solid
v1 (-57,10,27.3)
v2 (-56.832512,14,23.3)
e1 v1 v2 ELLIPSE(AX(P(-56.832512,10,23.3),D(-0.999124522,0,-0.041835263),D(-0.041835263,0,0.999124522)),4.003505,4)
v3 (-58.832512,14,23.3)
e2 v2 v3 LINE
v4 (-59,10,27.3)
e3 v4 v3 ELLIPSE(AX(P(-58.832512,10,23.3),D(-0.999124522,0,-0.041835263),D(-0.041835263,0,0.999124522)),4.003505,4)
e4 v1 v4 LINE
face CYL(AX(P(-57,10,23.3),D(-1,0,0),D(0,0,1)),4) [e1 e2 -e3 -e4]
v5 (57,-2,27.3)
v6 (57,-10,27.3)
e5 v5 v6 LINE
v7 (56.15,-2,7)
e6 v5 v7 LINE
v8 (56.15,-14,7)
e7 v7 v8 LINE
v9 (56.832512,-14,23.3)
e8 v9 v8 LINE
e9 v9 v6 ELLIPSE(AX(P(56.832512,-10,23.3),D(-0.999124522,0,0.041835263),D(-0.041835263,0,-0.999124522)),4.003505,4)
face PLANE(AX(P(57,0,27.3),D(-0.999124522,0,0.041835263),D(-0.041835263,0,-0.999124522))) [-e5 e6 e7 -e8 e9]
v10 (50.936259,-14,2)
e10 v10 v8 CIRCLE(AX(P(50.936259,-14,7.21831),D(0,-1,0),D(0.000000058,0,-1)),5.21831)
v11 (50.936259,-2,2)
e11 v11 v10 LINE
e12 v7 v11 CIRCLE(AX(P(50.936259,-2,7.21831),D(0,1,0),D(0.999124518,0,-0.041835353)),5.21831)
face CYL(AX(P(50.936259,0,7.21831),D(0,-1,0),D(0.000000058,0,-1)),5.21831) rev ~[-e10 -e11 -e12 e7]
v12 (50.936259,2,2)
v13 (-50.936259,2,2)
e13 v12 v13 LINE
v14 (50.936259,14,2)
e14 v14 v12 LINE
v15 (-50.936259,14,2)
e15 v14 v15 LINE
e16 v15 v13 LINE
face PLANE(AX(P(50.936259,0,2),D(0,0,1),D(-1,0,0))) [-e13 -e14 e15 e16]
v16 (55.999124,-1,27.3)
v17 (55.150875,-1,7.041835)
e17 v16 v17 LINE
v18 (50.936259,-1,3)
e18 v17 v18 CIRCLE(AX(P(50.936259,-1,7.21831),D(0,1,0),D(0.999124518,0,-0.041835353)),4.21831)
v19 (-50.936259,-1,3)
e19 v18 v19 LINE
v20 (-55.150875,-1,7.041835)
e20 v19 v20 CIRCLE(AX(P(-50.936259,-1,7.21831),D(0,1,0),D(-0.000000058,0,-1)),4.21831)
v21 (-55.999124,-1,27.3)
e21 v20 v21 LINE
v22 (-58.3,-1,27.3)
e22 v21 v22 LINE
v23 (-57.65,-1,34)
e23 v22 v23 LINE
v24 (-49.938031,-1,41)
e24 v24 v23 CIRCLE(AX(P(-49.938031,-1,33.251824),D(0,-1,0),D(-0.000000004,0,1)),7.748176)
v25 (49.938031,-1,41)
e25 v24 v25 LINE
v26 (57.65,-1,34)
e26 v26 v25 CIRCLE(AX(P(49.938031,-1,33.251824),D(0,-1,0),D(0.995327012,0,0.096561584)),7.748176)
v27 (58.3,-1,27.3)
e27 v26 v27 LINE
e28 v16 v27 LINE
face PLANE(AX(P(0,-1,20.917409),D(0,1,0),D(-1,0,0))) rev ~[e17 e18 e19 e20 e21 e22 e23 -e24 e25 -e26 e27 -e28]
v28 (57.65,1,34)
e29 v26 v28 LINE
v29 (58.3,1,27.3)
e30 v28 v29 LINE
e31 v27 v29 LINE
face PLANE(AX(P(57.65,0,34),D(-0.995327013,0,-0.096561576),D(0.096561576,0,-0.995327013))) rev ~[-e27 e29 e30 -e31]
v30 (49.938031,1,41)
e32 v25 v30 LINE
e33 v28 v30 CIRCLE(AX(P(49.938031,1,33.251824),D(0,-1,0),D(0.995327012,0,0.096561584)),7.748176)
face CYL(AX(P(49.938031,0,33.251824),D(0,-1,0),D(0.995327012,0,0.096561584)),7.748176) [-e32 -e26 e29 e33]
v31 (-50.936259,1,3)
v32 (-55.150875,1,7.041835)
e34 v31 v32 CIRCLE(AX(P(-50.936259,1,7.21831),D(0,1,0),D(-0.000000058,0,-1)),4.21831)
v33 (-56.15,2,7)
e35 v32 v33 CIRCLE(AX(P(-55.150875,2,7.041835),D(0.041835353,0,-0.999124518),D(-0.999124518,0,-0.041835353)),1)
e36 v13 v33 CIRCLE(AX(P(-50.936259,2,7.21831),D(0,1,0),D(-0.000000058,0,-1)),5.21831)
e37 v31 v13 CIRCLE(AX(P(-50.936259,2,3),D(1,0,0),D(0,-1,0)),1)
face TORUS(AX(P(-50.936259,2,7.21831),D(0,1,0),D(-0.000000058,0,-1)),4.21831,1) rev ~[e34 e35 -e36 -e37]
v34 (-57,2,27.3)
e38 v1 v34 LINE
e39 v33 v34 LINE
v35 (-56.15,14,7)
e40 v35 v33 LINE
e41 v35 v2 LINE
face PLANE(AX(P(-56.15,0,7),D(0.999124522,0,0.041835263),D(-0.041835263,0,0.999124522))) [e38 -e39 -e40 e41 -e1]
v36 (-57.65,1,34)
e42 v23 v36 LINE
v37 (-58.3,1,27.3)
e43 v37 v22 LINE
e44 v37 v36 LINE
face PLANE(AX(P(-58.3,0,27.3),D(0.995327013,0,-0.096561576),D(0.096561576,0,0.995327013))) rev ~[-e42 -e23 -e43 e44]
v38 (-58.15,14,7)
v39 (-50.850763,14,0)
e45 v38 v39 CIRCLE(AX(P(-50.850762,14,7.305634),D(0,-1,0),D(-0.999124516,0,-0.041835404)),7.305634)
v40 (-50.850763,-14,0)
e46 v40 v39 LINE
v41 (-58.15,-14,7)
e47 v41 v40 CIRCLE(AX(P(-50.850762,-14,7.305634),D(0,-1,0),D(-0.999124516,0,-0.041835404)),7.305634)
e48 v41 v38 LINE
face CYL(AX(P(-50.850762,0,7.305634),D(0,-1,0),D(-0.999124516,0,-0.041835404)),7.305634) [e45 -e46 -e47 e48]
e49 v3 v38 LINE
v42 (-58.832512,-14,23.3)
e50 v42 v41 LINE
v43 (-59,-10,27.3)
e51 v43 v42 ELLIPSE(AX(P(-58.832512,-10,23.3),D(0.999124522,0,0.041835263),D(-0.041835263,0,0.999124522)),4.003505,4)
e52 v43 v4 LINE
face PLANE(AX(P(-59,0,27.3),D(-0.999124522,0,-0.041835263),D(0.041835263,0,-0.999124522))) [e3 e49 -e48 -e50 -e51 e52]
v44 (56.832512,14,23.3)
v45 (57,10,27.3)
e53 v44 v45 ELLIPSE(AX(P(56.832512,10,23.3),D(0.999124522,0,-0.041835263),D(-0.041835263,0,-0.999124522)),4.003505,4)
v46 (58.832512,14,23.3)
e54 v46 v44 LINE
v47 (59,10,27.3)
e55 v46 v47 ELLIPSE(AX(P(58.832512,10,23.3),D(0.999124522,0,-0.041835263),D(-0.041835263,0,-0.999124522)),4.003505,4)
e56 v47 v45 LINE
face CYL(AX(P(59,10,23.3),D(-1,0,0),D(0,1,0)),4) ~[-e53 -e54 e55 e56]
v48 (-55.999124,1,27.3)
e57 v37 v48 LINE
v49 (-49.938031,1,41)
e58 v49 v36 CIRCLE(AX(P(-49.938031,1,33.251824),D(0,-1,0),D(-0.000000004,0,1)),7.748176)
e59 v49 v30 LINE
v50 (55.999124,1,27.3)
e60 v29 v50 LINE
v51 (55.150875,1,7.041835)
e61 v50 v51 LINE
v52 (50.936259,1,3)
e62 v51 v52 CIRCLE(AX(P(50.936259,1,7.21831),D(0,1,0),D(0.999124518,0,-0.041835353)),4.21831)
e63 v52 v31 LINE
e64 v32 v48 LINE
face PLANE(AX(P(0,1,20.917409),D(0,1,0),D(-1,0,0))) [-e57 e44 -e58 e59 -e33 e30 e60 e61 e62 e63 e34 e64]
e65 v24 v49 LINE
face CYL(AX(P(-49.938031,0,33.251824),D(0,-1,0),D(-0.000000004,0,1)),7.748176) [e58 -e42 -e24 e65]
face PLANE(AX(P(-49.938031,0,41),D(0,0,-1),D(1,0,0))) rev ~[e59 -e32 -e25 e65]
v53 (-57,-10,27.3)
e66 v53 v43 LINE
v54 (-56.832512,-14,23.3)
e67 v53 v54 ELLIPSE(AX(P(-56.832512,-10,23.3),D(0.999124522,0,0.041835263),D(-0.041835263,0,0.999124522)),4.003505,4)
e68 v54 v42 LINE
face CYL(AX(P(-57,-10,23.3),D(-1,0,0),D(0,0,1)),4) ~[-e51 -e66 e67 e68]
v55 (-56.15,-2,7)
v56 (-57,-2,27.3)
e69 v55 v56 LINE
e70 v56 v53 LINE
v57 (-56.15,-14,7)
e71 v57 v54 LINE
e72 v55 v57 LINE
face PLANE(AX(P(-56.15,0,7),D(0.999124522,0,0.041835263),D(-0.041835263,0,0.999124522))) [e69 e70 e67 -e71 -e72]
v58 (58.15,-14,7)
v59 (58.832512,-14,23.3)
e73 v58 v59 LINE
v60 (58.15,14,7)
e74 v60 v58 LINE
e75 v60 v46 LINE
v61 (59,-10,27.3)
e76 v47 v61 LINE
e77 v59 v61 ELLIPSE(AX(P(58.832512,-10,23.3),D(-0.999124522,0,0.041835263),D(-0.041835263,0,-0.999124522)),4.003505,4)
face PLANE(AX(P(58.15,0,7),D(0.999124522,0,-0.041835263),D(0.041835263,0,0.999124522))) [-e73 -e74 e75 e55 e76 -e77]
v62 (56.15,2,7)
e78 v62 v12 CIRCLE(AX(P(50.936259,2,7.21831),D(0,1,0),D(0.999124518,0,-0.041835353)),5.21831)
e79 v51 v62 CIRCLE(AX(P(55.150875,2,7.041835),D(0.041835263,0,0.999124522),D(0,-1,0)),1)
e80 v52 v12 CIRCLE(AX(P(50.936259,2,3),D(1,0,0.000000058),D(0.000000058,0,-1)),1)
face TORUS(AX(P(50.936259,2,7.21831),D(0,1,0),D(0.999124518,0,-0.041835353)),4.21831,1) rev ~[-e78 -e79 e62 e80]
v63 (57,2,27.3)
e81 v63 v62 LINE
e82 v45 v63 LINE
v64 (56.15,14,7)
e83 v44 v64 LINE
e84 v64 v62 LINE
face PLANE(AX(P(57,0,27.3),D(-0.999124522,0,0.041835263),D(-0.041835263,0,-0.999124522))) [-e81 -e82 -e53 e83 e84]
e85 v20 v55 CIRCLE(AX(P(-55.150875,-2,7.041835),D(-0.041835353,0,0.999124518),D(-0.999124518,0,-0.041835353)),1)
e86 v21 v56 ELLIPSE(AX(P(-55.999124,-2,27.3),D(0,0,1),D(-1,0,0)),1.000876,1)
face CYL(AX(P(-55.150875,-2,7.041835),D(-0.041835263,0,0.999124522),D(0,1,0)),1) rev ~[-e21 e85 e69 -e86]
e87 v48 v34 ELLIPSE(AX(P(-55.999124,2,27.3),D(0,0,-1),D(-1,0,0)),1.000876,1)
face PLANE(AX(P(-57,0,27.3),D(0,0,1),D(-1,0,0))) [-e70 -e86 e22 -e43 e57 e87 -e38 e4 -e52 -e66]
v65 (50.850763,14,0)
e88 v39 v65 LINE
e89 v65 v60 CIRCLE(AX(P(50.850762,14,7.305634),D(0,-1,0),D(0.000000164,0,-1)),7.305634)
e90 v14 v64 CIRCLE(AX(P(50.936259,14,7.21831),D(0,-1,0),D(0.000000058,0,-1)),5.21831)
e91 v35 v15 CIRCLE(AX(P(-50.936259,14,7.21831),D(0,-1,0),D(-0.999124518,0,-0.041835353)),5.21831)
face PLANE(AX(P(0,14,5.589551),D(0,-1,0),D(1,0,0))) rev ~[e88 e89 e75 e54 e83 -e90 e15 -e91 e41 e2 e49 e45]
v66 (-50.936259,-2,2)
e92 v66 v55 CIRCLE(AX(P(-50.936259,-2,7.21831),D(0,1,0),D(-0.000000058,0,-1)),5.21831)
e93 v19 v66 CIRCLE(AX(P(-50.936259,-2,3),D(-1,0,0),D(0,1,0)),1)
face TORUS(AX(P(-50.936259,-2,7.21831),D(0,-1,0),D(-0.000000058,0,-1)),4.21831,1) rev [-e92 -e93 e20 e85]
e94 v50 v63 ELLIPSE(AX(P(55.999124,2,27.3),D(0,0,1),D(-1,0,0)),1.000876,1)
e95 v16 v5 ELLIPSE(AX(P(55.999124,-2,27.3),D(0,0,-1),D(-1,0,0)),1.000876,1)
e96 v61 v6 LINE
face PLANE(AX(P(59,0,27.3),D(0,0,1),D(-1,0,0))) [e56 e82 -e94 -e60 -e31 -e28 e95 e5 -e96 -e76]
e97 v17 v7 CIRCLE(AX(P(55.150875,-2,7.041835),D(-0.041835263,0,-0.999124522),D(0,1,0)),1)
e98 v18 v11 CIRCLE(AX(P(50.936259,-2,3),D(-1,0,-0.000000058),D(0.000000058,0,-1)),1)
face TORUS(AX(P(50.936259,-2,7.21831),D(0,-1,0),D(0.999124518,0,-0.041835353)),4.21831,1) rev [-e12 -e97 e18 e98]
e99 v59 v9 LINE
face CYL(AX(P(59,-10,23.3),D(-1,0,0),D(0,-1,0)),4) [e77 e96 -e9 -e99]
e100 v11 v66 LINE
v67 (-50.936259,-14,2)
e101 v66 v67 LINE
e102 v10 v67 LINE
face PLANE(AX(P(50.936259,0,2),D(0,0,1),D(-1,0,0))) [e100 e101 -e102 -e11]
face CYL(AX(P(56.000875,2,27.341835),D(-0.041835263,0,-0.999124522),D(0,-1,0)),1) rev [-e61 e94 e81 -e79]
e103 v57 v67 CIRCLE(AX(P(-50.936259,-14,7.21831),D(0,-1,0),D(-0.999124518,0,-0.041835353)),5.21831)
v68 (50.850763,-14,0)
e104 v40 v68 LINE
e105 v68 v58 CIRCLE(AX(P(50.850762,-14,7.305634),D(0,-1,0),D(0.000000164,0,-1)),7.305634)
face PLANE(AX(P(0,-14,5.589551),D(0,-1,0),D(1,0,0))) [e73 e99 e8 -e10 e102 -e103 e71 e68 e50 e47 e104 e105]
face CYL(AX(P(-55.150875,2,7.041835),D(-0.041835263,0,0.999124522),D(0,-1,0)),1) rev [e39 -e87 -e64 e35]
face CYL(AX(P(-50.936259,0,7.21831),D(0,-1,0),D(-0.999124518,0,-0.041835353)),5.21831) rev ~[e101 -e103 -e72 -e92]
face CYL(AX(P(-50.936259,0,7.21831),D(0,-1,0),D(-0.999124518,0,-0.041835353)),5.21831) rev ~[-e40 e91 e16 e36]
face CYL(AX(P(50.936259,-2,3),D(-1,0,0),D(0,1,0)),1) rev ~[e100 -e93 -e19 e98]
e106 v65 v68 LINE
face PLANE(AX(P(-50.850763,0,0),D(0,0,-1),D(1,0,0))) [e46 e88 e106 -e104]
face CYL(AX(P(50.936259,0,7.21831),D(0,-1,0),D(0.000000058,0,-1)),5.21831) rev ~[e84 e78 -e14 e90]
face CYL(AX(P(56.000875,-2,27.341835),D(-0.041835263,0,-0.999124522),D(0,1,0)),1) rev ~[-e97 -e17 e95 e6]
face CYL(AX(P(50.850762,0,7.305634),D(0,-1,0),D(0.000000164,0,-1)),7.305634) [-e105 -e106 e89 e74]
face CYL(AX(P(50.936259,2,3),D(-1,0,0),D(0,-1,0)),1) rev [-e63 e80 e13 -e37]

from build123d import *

# Parameters (mm, degrees)
PAD_DEPTH    = 14
PAD001_DEPTH = 1
FILLET_R     = 4
FILLET001_R  = 1


with BuildPart() as part:
    # Sketch → Pad (new body, symmetric)
    with BuildSketch(Plane.XZ):
        with BuildLine():
            Line((-50.850763, 0), (50.850763, 0))
            ThreePointArc((50.850763, 0), (55.907413, 2.03282), (58.15, 7))
            Line((58.15, 7), (59, 27.3))
            Line((59, 27.3), (57, 27.3))
            Line((57, 27.3), (56.15, 7))
            ThreePointArc((50.936259, 2), (54.548152, 3.452014), (56.15, 7))
            Line((50.936259, 2), (0, 2))
            Line((0, 2), (-50.936259, 2))
            ThreePointArc((-56.15, 7), (-54.548152, 3.452014), (-50.936259, 2))
            Line((-56.15, 7), (-57, 27.3))
            Line((-57, 27.3), (-59, 27.3))
            Line((-59, 27.3), (-58.15, 7))
            ThreePointArc((-58.15, 7), (-55.907413, 2.03282), (-50.850763, 0))
        make_face()
    extrude(amount=PAD_DEPTH, both=True)

    # Sketch001 → Pad001 (join, symmetric)
    with BuildSketch(Plane.XZ):
        with BuildLine():
            Line((-58.3, 27.3), (-57.65, 34))
            ThreePointArc((-49.938031, 41), (-55.145585, 38.989037), (-57.65, 34))
            Line((-49.938031, 41), (0, 41))
            Line((0, 41), (49.938031, 41))
            ThreePointArc((57.65, 34), (55.145585, 38.989037), (49.938031, 41))
            Line((57.65, 34), (58.3, 27.3))
            Line((58.3, 27.3), (57.43949, 6.748988))
            ThreePointArc((51.444743, 1), (55.597689, 2.669523), (57.43949, 6.748988))
            Line((51.444743, 1), (-51.444743, 1))
            ThreePointArc((-57.43949, 6.748988), (-55.597689, 2.669523), (-51.444743, 1))
            Line((-58.3, 27.3), (-57.43949, 6.748988))
        make_face()
    extrude(amount=PAD001_DEPTH, both=True)

    # Fillet
    fillet_edges = [part.edges().sort_by_distance(p)[0] for p in [
        (-58, -14, 27.3),
        (58, -14, 27.3),
        (58, 14, 27.3),
        (-58, 14, 27.3),
    ]]
    fillet(fillet_edges, radius=FILLET_R)

    # Fillet001
    fillet001_edges = [part.edges().sort_by_distance(p)[0] for p in [
        (56.575, -1, 17.15),
        (56.575, 1, 17.15),
    ]]
    fillet(fillet001_edges, radius=FILLET001_R)


solid = part.part
